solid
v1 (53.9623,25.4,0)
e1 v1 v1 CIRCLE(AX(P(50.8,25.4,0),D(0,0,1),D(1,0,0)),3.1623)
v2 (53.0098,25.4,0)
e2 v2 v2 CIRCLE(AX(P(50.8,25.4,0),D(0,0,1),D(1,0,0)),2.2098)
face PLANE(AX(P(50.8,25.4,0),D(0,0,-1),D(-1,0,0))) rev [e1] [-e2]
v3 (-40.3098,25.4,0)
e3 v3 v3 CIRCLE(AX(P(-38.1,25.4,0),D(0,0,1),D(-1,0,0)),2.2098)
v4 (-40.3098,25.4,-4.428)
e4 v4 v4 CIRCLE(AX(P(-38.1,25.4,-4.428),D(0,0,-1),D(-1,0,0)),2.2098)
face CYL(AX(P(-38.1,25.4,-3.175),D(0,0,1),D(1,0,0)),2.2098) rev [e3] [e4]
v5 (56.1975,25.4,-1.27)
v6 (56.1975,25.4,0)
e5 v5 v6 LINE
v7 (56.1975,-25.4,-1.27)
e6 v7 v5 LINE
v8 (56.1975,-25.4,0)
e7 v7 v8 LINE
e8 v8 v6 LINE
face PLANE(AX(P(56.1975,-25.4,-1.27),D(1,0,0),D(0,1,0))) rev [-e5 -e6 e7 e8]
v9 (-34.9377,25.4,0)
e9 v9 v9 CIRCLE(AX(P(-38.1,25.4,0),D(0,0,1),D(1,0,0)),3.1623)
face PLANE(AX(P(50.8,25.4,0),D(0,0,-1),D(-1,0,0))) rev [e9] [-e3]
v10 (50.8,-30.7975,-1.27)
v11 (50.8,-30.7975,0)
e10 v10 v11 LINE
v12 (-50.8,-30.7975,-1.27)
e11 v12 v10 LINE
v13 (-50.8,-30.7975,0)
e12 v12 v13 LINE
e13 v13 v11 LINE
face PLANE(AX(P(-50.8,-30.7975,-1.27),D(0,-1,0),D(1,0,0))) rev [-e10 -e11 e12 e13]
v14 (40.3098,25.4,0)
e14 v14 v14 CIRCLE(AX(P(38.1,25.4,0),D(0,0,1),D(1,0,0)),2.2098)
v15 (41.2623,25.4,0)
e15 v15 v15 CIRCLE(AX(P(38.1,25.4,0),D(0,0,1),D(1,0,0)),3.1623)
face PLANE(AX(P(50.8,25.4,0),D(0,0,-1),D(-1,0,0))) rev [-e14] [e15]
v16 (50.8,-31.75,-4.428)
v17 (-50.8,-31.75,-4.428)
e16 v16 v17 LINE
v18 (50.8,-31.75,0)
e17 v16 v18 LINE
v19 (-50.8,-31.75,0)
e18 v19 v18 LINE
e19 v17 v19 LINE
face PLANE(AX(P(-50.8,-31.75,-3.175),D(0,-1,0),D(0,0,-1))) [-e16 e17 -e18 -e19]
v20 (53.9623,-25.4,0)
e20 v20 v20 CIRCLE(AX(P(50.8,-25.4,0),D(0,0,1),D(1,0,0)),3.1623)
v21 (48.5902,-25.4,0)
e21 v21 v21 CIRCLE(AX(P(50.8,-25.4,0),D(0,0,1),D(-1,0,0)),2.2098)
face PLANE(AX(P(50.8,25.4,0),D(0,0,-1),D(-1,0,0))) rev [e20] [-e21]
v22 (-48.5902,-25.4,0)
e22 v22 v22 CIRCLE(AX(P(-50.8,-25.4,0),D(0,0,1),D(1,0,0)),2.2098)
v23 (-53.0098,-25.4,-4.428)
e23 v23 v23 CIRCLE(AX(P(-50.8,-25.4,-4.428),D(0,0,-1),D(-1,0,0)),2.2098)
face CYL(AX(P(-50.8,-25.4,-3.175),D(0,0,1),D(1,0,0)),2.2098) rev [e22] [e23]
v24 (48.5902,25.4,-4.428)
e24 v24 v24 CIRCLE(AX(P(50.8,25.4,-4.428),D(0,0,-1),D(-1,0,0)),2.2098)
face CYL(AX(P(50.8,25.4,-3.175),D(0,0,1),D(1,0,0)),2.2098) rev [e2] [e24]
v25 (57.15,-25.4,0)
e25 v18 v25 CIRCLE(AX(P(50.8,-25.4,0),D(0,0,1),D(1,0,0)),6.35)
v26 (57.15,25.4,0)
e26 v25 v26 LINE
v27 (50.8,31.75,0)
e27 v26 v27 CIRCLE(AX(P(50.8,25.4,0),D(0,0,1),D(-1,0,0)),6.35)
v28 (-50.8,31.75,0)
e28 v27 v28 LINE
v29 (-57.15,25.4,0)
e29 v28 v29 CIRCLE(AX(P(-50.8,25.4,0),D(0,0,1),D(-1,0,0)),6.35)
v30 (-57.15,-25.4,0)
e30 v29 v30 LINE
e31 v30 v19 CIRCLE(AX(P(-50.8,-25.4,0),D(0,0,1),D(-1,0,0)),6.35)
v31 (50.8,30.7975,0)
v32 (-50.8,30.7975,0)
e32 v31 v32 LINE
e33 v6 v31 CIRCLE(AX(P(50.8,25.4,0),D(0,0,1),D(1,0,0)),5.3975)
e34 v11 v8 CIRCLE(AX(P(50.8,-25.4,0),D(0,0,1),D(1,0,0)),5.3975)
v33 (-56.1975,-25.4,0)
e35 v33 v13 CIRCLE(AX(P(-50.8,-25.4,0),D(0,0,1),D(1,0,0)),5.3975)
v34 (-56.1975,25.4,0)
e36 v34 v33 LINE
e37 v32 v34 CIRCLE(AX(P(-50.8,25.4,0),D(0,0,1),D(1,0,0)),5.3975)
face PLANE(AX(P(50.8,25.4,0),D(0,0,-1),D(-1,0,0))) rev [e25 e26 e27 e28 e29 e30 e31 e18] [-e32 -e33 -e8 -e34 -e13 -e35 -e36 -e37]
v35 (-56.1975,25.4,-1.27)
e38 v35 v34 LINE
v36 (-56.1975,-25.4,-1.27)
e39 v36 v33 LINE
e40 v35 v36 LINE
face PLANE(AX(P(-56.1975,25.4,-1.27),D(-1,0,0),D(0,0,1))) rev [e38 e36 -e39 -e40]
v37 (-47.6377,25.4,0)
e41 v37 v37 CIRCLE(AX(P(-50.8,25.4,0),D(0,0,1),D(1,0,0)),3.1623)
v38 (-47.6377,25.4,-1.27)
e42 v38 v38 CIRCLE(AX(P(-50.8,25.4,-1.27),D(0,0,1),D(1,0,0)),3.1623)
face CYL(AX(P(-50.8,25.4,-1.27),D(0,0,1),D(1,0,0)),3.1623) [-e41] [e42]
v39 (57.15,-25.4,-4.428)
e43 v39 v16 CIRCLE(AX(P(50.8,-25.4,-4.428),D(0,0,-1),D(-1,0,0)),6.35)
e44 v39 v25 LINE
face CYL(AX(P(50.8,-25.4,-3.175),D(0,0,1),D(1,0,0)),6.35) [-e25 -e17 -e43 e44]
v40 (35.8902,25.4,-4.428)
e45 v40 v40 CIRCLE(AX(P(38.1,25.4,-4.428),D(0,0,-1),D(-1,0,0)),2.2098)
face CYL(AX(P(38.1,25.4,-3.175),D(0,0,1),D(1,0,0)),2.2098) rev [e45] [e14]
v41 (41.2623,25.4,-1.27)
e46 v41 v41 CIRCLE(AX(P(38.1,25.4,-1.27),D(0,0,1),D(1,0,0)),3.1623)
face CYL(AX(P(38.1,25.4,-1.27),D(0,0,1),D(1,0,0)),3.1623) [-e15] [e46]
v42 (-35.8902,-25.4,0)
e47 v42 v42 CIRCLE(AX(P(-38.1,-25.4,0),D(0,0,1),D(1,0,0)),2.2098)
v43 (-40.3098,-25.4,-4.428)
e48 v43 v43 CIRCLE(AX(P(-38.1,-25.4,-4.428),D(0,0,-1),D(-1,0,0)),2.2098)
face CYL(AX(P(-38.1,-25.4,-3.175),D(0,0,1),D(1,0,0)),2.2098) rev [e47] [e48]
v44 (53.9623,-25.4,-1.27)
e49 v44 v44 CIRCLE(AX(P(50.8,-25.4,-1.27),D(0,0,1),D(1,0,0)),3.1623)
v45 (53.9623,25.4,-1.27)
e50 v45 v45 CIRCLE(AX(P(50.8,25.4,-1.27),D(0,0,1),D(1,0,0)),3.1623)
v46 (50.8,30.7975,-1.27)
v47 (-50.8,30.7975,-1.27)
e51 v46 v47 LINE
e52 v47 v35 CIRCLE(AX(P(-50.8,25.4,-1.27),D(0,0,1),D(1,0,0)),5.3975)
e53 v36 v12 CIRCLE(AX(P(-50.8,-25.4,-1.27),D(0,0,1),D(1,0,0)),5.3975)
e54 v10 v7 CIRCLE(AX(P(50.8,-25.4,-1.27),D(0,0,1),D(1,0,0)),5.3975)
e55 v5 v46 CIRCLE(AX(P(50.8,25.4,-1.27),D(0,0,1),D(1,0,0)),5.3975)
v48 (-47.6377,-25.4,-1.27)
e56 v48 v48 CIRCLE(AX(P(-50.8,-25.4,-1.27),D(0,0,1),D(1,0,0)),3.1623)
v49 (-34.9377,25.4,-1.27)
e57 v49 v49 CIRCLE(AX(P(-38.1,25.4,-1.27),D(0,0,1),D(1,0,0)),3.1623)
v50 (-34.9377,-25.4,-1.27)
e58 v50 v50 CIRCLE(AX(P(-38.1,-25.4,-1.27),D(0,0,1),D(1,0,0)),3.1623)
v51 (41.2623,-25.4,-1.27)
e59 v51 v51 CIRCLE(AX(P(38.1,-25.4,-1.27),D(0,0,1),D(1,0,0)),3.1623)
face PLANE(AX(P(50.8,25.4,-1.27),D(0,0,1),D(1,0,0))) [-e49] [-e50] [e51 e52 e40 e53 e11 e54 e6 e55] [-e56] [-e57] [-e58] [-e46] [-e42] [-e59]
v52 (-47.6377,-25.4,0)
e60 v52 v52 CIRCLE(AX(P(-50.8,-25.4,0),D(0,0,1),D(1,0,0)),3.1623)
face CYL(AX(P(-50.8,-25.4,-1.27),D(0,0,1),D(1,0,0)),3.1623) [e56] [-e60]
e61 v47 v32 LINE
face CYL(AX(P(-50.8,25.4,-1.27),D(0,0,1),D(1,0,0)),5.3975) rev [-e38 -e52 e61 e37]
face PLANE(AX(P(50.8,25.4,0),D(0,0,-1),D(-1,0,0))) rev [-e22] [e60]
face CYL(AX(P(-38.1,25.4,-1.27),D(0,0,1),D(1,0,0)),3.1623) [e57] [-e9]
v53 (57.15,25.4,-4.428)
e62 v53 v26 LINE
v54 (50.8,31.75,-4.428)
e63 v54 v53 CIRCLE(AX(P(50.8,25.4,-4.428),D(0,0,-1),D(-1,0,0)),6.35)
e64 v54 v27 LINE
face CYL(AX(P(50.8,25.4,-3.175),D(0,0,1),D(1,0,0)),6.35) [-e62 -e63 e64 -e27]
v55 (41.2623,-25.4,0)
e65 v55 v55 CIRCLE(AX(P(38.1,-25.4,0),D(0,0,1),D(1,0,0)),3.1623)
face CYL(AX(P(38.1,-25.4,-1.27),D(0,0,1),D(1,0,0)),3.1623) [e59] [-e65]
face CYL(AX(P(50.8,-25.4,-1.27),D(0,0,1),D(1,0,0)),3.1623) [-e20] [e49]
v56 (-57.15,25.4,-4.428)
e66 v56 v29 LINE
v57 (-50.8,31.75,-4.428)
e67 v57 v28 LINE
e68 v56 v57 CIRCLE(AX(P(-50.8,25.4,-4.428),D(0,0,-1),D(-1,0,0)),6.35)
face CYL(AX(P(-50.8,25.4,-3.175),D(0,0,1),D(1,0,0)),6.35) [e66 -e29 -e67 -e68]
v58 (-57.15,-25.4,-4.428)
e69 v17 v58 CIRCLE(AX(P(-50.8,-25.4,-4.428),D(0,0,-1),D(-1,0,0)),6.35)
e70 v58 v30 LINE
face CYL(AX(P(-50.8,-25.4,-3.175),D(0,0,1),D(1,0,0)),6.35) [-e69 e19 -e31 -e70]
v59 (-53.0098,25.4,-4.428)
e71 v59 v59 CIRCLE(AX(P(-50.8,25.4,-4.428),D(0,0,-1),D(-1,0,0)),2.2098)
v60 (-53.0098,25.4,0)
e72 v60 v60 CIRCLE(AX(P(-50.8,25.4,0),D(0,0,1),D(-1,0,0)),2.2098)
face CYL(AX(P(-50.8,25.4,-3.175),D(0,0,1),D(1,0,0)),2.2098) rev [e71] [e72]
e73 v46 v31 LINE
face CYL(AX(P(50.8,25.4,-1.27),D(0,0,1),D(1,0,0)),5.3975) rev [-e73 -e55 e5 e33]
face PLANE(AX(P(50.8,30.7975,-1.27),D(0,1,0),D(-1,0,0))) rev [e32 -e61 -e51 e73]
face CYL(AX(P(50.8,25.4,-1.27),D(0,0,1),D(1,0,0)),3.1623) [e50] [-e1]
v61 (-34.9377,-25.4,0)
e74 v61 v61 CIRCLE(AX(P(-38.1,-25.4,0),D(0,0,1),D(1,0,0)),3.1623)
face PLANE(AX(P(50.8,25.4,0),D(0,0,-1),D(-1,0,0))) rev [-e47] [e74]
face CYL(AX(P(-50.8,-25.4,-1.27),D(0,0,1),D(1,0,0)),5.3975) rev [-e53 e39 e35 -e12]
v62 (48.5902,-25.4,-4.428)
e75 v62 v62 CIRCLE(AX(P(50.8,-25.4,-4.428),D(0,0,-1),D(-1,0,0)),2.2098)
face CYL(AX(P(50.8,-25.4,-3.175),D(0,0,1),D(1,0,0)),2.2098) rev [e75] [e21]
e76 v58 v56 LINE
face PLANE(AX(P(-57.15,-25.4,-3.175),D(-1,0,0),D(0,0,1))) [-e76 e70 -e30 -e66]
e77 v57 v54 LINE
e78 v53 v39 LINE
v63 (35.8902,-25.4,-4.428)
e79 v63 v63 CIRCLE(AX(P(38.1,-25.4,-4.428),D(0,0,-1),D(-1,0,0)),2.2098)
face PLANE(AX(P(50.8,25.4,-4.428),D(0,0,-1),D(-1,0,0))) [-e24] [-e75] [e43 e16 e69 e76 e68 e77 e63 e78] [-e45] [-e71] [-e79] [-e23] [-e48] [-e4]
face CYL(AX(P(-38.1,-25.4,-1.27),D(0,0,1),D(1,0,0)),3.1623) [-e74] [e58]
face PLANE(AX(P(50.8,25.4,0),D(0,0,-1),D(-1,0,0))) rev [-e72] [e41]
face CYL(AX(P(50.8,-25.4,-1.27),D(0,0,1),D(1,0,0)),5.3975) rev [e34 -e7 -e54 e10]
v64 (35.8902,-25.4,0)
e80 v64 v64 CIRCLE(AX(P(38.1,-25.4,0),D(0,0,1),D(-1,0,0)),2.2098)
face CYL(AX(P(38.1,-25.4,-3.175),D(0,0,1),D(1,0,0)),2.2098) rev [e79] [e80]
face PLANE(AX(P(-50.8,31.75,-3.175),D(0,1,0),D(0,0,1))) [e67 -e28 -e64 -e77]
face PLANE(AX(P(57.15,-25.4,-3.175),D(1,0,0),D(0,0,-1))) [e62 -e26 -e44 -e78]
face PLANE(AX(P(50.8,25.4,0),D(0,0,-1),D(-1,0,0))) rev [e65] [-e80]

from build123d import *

# Parameters (mm, degrees)
SKETCH1_R           = 2.2098
BOSS_EXTRUDE1_DEPTH = 3.175
SKETCH2_R           = 3.1623
CUT_EXTRUDE3_DEPTH  = 1.27
SKETCH3_R           = 2.2098
BOSS_EXTRUDE2_DEPTH = 1.253000034


with BuildPart() as part:
    # Sketch1 → Boss-Extrude1 (new body)
    with BuildSketch(Plane.XY):
        with BuildLine():
            Line((-50.8, -31.75), (50.8, -31.75))
            ThreePointArc((50.8, -31.75), (55.290128061, -29.890128061), (57.15, -25.4))
            Line((57.15, -25.4), (57.15, 25.4))
            ThreePointArc((57.15, 25.4), (55.290128061, 29.890128061), (50.8, 31.75))
            Line((50.8, 31.75), (-50.8, 31.75))
            ThreePointArc((-50.8, 31.75), (-55.290128061, 29.890128061), (-57.15, 25.4))
            Line((-57.15, 25.4), (-57.15, -25.4))
            ThreePointArc((-57.15, -25.4), (-55.290128061, -29.890128061), (-50.8, -31.75))
        make_face()
        with Locations((-50.8, -25.4)):
            Circle(SKETCH1_R, mode=Mode.SUBTRACT)
        with Locations((-38.1, -25.4)):
            Circle(SKETCH1_R, mode=Mode.SUBTRACT)
        with Locations(Location((-50.8, 25.4, 0), (0, 0, 180))):
            Circle(SKETCH1_R, mode=Mode.SUBTRACT)
        with Locations(Location((-38.1, 25.4, 0), (0, 0, 180))):
            Circle(SKETCH1_R, mode=Mode.SUBTRACT)
        with Locations((50.8, 25.4)):
            Circle(SKETCH1_R, mode=Mode.SUBTRACT)
        with Locations((38.1, 25.4)):
            Circle(SKETCH1_R, mode=Mode.SUBTRACT)
        with Locations(Location((50.8, -25.4, 0), (0, 0, 180))):
            Circle(SKETCH1_R, mode=Mode.SUBTRACT)
        with Locations(Location((38.1, -25.4, 0), (0, 0, 180))):
            Circle(SKETCH1_R, mode=Mode.SUBTRACT)
    extrude(amount=-BOSS_EXTRUDE1_DEPTH)

    # Sketch2 → Cut-Extrude3 (cut)
    with BuildSketch(Plane.XY):
        with BuildLine():
            Line((50.8, 30.7975), (-50.8, 30.7975))
            ThreePointArc((-50.8, 30.7975), (-54.616608851, 29.216608851), (-56.1975, 25.4))
            Line((-56.1975, 25.4), (-56.1975, -25.4))
            ThreePointArc((-56.1975, -25.4), (-54.616608851, -29.216608851), (-50.8, -30.7975))
            Line((-50.8, -30.7975), (50.8, -30.7975))
            ThreePointArc((50.8, -30.7975), (54.616608851, -29.216608851), (56.1975, -25.4))
            Line((56.1975, -25.4), (56.1975, 25.4))
            ThreePointArc((56.1975, 25.4), (54.616608851, 29.216608851), (50.8, 30.7975))
        make_face()
        with Locations((38.1, 25.4)):
            Circle(SKETCH2_R, mode=Mode.SUBTRACT)
        with Locations((50.8, 25.4)):
            Circle(SKETCH2_R, mode=Mode.SUBTRACT)
        with Locations((50.8, -25.4)):
            Circle(SKETCH2_R, mode=Mode.SUBTRACT)
        with Locations((38.1, -25.4)):
            Circle(SKETCH2_R, mode=Mode.SUBTRACT)
        with Locations((-38.1, -25.4)):
            Circle(SKETCH2_R, mode=Mode.SUBTRACT)
        with Locations((-50.8, -25.4)):
            Circle(SKETCH2_R, mode=Mode.SUBTRACT)
        with Locations((-38.1, 25.4)):
            Circle(SKETCH2_R, mode=Mode.SUBTRACT)
        with Locations((-50.8, 25.4)):
            Circle(SKETCH2_R, mode=Mode.SUBTRACT)
    extrude(amount=-CUT_EXTRUDE3_DEPTH, mode=Mode.SUBTRACT)

    # Sketch3 → Boss-Extrude2 (add)
    with BuildSketch(Plane(origin=(0, 0, -3.175), x_dir=(-1, 0, 0), z_dir=(0, 0, -1))):
        with BuildLine():
            Line((-57.15, 25.4), (-57.15, -25.4))
            ThreePointArc((-57.15, -25.4), (-55.290128061, -29.890128061), (-50.8, -31.75))
            Line((-50.8, -31.75), (50.8, -31.75))
            ThreePointArc((50.8, -31.75), (55.290128061, -29.890128061), (57.15, -25.4))
            Line((57.15, -25.4), (57.15, 25.4))
            ThreePointArc((57.15, 25.4), (55.290128061, 29.890128061), (50.8, 31.75))
            Line((50.8, 31.75), (-50.8, 31.75))
            ThreePointArc((-50.8, 31.75), (-55.290128061, 29.890128061), (-57.15, 25.4))
        make_face()
        with Locations((-50.8, -25.4)):
            Circle(SKETCH3_R, mode=Mode.SUBTRACT)
        with Locations((-38.1, -25.4)):
            Circle(SKETCH3_R, mode=Mode.SUBTRACT)
        with Locations(Location((38.1, -25.4, 0), (0, 0, 180))):
            Circle(SKETCH3_R, mode=Mode.SUBTRACT)
        with Locations(Location((50.8, -25.4, 0), (0, 0, 180))):
            Circle(SKETCH3_R, mode=Mode.SUBTRACT)
        with Locations((50.8, 25.4)):
            Circle(SKETCH3_R, mode=Mode.SUBTRACT)
        with Locations((38.1, 25.4)):
            Circle(SKETCH3_R, mode=Mode.SUBTRACT)
        with Locations(Location((-38.1, 25.4, 0), (0, 0, 180))):
            Circle(SKETCH3_R, mode=Mode.SUBTRACT)
        with Locations(Location((-50.8, 25.4, 0), (0, 0, 180))):
            Circle(SKETCH3_R, mode=Mode.SUBTRACT)
    extrude(amount=BOSS_EXTRUDE2_DEPTH)


solid = part.part
